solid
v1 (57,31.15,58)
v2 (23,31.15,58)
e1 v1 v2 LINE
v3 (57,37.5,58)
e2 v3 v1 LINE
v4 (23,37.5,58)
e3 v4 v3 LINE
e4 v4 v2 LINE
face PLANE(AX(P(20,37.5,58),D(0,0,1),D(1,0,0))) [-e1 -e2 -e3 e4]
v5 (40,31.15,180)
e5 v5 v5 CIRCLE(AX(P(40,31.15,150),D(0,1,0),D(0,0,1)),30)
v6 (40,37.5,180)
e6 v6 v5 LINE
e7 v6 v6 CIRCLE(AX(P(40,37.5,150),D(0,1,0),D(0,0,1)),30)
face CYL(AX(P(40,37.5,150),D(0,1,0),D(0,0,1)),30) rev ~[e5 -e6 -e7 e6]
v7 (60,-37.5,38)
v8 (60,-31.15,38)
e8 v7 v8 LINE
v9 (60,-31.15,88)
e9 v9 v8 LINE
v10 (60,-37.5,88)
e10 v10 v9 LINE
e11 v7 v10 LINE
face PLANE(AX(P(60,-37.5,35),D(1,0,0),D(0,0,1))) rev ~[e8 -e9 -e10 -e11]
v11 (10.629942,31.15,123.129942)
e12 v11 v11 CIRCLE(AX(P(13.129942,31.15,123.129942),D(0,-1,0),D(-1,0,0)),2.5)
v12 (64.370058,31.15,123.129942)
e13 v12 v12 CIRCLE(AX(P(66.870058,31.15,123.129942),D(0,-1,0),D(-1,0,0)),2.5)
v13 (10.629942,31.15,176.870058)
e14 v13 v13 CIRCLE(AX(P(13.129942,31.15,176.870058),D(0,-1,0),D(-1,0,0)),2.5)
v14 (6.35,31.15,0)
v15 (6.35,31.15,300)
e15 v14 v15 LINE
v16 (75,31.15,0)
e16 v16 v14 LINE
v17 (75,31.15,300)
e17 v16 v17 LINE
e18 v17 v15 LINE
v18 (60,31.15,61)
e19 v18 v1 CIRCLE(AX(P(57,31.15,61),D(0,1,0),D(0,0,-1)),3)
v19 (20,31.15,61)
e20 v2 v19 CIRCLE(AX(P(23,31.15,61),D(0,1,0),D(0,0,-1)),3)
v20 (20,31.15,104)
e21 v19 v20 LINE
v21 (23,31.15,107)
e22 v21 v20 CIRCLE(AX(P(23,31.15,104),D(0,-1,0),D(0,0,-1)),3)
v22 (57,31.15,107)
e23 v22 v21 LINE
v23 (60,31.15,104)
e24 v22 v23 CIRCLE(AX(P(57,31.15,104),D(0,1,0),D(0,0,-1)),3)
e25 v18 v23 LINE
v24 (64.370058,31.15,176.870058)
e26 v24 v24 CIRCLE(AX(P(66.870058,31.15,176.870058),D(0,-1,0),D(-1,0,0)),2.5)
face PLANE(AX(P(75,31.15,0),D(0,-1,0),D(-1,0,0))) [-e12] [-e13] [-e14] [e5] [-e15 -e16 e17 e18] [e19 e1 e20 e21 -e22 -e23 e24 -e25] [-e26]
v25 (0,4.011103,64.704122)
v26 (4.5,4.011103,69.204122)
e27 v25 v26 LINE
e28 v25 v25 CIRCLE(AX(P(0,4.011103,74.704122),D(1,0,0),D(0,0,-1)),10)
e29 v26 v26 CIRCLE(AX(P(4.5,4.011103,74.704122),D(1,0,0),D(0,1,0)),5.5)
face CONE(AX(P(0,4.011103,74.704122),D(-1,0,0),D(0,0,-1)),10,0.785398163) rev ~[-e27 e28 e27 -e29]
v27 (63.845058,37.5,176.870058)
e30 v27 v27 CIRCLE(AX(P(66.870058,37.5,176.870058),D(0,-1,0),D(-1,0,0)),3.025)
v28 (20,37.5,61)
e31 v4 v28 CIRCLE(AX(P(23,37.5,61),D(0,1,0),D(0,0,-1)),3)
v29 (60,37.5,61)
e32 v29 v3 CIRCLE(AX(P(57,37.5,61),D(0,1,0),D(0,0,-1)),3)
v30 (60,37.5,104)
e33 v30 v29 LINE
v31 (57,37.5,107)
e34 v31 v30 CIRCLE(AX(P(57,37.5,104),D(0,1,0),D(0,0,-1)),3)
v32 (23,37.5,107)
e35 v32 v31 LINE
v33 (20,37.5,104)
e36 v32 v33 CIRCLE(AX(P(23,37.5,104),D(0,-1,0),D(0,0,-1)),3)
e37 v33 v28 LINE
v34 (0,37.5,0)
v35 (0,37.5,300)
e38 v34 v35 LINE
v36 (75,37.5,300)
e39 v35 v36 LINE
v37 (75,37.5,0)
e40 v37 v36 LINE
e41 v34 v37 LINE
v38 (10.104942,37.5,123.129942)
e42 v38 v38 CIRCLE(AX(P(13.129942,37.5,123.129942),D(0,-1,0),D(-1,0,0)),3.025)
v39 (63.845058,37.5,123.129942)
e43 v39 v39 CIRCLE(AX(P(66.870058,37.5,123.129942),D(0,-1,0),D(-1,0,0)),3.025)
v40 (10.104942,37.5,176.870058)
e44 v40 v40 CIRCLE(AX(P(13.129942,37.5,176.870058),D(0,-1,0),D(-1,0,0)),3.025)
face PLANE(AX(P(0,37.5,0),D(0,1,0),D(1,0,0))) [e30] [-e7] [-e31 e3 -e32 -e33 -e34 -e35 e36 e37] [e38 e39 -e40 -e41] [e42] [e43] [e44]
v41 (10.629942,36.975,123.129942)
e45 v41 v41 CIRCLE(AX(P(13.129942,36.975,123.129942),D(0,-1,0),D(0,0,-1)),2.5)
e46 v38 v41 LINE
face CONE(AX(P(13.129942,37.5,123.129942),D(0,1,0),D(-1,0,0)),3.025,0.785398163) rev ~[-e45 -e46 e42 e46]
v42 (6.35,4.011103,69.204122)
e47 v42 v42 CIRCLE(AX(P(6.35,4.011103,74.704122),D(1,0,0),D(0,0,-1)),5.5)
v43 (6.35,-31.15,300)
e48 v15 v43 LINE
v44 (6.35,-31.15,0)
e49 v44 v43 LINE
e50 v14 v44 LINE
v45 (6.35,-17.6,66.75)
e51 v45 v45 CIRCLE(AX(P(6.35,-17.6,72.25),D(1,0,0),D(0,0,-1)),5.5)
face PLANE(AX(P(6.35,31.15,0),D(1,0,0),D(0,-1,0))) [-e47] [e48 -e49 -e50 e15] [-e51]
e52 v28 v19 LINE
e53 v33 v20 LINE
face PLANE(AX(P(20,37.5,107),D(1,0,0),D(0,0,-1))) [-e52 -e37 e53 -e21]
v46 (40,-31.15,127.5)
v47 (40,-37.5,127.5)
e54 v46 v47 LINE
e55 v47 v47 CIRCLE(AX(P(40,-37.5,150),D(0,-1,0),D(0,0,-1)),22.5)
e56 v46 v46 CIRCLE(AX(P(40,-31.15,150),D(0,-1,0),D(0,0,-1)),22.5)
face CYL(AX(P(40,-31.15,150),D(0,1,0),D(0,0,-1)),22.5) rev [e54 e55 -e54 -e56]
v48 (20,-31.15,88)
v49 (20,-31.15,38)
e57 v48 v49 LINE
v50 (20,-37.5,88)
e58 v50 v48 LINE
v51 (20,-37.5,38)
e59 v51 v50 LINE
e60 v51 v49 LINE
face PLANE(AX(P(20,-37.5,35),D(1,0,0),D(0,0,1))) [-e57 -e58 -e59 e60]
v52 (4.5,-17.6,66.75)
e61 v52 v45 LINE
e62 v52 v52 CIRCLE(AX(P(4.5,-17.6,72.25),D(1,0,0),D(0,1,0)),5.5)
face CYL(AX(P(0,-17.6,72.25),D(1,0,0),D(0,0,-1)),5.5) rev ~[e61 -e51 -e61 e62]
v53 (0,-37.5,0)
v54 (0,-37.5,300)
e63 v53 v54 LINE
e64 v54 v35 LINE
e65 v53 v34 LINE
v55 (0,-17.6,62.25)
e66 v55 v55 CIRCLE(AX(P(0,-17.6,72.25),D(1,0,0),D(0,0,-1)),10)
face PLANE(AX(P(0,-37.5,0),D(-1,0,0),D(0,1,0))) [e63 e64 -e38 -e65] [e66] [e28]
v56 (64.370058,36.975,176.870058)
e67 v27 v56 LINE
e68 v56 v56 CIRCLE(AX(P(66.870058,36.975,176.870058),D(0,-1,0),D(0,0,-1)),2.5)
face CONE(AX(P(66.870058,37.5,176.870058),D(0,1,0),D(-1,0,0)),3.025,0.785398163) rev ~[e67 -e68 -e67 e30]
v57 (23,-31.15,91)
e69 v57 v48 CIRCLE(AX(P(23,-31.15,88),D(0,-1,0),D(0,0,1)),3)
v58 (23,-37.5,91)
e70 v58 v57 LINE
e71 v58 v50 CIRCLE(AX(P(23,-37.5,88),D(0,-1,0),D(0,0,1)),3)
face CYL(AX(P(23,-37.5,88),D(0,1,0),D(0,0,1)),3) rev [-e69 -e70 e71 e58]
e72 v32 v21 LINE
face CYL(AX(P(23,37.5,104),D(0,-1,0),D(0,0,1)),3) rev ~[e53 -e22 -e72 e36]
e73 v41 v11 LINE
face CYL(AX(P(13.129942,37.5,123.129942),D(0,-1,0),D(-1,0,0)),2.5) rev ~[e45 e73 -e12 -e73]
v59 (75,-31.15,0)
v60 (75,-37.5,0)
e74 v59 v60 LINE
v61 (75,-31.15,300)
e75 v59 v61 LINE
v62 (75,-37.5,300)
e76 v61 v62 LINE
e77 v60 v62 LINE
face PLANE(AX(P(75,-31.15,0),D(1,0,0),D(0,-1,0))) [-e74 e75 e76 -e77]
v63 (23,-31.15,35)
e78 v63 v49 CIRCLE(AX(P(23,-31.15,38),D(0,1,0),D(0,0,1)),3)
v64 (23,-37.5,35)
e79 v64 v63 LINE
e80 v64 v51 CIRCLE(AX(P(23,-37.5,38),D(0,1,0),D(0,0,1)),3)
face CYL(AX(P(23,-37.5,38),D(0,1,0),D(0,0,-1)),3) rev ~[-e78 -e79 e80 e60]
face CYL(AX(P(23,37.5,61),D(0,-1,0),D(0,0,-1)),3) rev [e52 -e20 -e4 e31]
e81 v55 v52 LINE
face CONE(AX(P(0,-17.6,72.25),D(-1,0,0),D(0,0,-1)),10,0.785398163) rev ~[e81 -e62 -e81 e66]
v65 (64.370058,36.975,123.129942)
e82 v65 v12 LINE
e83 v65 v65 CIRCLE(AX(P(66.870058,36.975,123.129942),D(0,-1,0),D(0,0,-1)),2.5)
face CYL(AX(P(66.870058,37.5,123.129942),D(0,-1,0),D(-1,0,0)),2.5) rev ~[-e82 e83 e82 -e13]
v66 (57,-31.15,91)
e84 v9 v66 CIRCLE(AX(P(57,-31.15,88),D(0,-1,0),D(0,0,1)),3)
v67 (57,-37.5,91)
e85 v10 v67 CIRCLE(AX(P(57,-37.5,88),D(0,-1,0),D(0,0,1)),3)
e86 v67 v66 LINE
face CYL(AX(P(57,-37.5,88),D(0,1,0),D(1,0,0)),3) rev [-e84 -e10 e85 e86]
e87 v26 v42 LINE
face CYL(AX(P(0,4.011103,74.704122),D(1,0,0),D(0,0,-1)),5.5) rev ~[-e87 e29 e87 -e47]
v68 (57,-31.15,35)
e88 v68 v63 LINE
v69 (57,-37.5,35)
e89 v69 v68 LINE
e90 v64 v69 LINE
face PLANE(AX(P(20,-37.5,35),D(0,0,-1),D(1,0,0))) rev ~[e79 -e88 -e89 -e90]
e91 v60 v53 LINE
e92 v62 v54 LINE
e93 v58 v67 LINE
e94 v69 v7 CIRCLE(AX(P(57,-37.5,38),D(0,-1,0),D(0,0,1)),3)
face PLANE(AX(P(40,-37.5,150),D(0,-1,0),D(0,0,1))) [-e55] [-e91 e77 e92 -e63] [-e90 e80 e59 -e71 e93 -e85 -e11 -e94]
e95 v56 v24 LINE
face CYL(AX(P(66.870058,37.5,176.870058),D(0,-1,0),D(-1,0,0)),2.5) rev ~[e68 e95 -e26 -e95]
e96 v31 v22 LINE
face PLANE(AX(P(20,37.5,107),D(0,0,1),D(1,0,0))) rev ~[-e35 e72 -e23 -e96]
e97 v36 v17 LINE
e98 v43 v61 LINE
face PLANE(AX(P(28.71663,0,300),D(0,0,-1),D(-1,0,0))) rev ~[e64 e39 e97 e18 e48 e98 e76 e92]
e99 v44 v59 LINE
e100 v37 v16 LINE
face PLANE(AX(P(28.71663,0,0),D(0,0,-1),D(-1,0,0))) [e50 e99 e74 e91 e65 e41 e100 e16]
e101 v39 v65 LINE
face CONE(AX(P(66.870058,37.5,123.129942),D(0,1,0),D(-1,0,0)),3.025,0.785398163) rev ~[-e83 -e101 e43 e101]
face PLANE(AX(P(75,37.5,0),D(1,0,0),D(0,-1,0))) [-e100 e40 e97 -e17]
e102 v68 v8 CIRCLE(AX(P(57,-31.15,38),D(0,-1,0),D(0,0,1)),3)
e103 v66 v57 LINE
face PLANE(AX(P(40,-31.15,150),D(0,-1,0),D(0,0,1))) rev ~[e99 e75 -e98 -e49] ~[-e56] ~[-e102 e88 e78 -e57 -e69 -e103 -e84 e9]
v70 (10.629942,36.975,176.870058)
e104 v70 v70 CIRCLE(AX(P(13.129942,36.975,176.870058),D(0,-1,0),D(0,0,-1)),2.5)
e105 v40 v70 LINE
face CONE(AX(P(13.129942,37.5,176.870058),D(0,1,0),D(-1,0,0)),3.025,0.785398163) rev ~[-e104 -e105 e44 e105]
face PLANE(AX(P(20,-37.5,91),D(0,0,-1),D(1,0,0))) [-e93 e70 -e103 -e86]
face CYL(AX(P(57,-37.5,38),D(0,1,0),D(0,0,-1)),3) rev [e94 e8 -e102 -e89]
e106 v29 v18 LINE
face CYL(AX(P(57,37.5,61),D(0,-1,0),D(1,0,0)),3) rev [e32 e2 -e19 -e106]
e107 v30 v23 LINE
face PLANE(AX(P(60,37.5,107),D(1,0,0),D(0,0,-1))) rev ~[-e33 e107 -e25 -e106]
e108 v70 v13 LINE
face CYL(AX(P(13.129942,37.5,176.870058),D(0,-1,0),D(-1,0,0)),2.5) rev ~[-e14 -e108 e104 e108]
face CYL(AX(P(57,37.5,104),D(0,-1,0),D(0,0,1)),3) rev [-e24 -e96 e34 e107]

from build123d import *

# Parameters (mm, degrees)
BOSS_EXTRUDE1_DEPTH                                  = 300
SKETCH2_R                                            = 30
CUT_EXTRUDE1_DEPTH                                   = 319.198051534
SKETCH3_W                                            = 40
SKETCH3_H                                            = 56
CUT_EXTRUDE2_DEPTH                                   = 10
SKETCH4_W                                            = 40
SKETCH4_H                                            = 49
CUT_EXTRUDE3_DEPTH                                   = 10
FILLET1_R                                            = 3
CSK_FOR_M10_COUNTERSUNK_FLAT_HEAD_SCREW1_D           = 11
CSK_FOR_M10_COUNTERSUNK_FLAT_HEAD_SCREW1_DEPTH       = 20.003
CSK_FOR_M10_COUNTERSUNK_FLAT_HEAD_SCREW1_CSINK_D     = 20
CSK_FOR_M10_COUNTERSUNK_FLAT_HEAD_SCREW1_CSINK_ANGLE = 90
CSK_FOR_M10_COUNTERSUNK_FLAT_HEAD_SCREW1_TIP         = 3.304733405
BOSS_EXTRUDE2_START                                  = -6.35
SKETCH7_R                                            = 30
SKETCH7_R_2                                          = 22.5
BOSS_EXTRUDE2_DEPTH                                  = 6.35
M6X1_0_TAPPED_HOLE1_D                                = 5
M6X1_0_TAPPED_HOLE1_DEPTH                            = 15
M6X1_0_TAPPED_HOLE1_CSINK_D                          = 6.05
M6X1_0_TAPPED_HOLE1_CSINK_ANGLE                      = 90
M6X1_0_TAPPED_HOLE1_TIP                              = 1.502151548


with BuildPart() as part:
    # Sketch1 → Boss-Extrude1 (new body)
    with BuildSketch(Plane.XY):
        Polygon((0, -37.5), (0, 37.5), (75, 37.5), (75, 31.15), (6.35, 31.15), (6.35, -31.15), (75, -31.15), (75, -37.5), align=None)
    extrude(amount=BOSS_EXTRUDE1_DEPTH)

    # Sketch2 → Cut-Extrude1 (cut, through all)
    with BuildSketch(Plane(origin=(0, 37.5, 0), x_dir=(1, 0, 0), z_dir=(0, 1, 0))):
        with Locations(Location((40, -150, 0), (0, 0, 270))):
            Circle(SKETCH2_R)
    extrude(amount=-CUT_EXTRUDE1_DEPTH, mode=Mode.SUBTRACT)

    # Sketch3 → Cut-Extrude2 (cut)
    with BuildSketch(Plane.XZ.offset(37.5)):
        with Locations((40, 63)):
            Rectangle(SKETCH3_W, SKETCH3_H)
    extrude(amount=-CUT_EXTRUDE2_DEPTH, mode=Mode.SUBTRACT)

    # Sketch4 → Cut-Extrude3 (cut)
    with BuildSketch(Plane(origin=(0, 37.5, 0), x_dir=(1, 0, 0), z_dir=(0, 1, 0))):
        with Locations((40, -82.5)):
            Rectangle(SKETCH4_W, SKETCH4_H)
    extrude(amount=-CUT_EXTRUDE3_DEPTH, mode=Mode.SUBTRACT)

    # Fillet1
    fillet1_edges = [part.edges().sort_by_distance(p)[0] for p in [
        (20, -34.325, 91),
        (60, -34.325, 91),
        (60, -34.325, 35),
        (20, -34.325, 35),
        (60, 34.325, 107),
        (20, 34.325, 107),
        (20, 34.325, 58),
        (60, 34.325, 58),
    ]]
    fillet(fillet1_edges, radius=FILLET1_R)

    # CSK for M10 Countersunk Flat Head Screw1
    with Locations(Plane.ZY):
        with Locations((74.704121605, 4.01110333), (72.25, -17.6)):
            CounterSinkHole(CSK_FOR_M10_COUNTERSUNK_FLAT_HEAD_SCREW1_D / 2, CSK_FOR_M10_COUNTERSUNK_FLAT_HEAD_SCREW1_CSINK_D / 2, depth=CSK_FOR_M10_COUNTERSUNK_FLAT_HEAD_SCREW1_DEPTH, counter_sink_angle=CSK_FOR_M10_COUNTERSUNK_FLAT_HEAD_SCREW1_CSINK_ANGLE)
            with Locations((0, 0, -(CSK_FOR_M10_COUNTERSUNK_FLAT_HEAD_SCREW1_DEPTH + CSK_FOR_M10_COUNTERSUNK_FLAT_HEAD_SCREW1_TIP / 2))):  # 118° drill point
                Cone(0, CSK_FOR_M10_COUNTERSUNK_FLAT_HEAD_SCREW1_D / 2, CSK_FOR_M10_COUNTERSUNK_FLAT_HEAD_SCREW1_TIP, mode=Mode.SUBTRACT)

    # Sketch7 → Boss-Extrude2 (add)
    with BuildSketch(Plane.XZ.offset(37.5).offset(BOSS_EXTRUDE2_START)):
        with Locations(Location((40, 150, 0), (0, 0, 90))):
            Circle(SKETCH7_R)
        with Locations(Location((40, 150, 0), (0, 0, 270))):
            Circle(SKETCH7_R_2, mode=Mode.SUBTRACT)
    extrude(amount=BOSS_EXTRUDE2_DEPTH)

    # M6x1.0 Tapped Hole1
    with Locations(Plane(origin=(0, 37.5, 0), x_dir=(1, 0, 0), z_dir=(0, 1, 0))):
        with Locations((66.870057685, -123.129942315), (13.129942315, -123.129942315), (13.129942315, -176.870057685), (66.870057685, -176.870057685)):
            CounterSinkHole(M6X1_0_TAPPED_HOLE1_D / 2, M6X1_0_TAPPED_HOLE1_CSINK_D / 2, depth=M6X1_0_TAPPED_HOLE1_DEPTH, counter_sink_angle=M6X1_0_TAPPED_HOLE1_CSINK_ANGLE)
            with Locations((0, 0, -(M6X1_0_TAPPED_HOLE1_DEPTH + M6X1_0_TAPPED_HOLE1_TIP / 2))):  # 118° drill point
                Cone(0, M6X1_0_TAPPED_HOLE1_D / 2, M6X1_0_TAPPED_HOLE1_TIP, mode=Mode.SUBTRACT)


solid = part.part
